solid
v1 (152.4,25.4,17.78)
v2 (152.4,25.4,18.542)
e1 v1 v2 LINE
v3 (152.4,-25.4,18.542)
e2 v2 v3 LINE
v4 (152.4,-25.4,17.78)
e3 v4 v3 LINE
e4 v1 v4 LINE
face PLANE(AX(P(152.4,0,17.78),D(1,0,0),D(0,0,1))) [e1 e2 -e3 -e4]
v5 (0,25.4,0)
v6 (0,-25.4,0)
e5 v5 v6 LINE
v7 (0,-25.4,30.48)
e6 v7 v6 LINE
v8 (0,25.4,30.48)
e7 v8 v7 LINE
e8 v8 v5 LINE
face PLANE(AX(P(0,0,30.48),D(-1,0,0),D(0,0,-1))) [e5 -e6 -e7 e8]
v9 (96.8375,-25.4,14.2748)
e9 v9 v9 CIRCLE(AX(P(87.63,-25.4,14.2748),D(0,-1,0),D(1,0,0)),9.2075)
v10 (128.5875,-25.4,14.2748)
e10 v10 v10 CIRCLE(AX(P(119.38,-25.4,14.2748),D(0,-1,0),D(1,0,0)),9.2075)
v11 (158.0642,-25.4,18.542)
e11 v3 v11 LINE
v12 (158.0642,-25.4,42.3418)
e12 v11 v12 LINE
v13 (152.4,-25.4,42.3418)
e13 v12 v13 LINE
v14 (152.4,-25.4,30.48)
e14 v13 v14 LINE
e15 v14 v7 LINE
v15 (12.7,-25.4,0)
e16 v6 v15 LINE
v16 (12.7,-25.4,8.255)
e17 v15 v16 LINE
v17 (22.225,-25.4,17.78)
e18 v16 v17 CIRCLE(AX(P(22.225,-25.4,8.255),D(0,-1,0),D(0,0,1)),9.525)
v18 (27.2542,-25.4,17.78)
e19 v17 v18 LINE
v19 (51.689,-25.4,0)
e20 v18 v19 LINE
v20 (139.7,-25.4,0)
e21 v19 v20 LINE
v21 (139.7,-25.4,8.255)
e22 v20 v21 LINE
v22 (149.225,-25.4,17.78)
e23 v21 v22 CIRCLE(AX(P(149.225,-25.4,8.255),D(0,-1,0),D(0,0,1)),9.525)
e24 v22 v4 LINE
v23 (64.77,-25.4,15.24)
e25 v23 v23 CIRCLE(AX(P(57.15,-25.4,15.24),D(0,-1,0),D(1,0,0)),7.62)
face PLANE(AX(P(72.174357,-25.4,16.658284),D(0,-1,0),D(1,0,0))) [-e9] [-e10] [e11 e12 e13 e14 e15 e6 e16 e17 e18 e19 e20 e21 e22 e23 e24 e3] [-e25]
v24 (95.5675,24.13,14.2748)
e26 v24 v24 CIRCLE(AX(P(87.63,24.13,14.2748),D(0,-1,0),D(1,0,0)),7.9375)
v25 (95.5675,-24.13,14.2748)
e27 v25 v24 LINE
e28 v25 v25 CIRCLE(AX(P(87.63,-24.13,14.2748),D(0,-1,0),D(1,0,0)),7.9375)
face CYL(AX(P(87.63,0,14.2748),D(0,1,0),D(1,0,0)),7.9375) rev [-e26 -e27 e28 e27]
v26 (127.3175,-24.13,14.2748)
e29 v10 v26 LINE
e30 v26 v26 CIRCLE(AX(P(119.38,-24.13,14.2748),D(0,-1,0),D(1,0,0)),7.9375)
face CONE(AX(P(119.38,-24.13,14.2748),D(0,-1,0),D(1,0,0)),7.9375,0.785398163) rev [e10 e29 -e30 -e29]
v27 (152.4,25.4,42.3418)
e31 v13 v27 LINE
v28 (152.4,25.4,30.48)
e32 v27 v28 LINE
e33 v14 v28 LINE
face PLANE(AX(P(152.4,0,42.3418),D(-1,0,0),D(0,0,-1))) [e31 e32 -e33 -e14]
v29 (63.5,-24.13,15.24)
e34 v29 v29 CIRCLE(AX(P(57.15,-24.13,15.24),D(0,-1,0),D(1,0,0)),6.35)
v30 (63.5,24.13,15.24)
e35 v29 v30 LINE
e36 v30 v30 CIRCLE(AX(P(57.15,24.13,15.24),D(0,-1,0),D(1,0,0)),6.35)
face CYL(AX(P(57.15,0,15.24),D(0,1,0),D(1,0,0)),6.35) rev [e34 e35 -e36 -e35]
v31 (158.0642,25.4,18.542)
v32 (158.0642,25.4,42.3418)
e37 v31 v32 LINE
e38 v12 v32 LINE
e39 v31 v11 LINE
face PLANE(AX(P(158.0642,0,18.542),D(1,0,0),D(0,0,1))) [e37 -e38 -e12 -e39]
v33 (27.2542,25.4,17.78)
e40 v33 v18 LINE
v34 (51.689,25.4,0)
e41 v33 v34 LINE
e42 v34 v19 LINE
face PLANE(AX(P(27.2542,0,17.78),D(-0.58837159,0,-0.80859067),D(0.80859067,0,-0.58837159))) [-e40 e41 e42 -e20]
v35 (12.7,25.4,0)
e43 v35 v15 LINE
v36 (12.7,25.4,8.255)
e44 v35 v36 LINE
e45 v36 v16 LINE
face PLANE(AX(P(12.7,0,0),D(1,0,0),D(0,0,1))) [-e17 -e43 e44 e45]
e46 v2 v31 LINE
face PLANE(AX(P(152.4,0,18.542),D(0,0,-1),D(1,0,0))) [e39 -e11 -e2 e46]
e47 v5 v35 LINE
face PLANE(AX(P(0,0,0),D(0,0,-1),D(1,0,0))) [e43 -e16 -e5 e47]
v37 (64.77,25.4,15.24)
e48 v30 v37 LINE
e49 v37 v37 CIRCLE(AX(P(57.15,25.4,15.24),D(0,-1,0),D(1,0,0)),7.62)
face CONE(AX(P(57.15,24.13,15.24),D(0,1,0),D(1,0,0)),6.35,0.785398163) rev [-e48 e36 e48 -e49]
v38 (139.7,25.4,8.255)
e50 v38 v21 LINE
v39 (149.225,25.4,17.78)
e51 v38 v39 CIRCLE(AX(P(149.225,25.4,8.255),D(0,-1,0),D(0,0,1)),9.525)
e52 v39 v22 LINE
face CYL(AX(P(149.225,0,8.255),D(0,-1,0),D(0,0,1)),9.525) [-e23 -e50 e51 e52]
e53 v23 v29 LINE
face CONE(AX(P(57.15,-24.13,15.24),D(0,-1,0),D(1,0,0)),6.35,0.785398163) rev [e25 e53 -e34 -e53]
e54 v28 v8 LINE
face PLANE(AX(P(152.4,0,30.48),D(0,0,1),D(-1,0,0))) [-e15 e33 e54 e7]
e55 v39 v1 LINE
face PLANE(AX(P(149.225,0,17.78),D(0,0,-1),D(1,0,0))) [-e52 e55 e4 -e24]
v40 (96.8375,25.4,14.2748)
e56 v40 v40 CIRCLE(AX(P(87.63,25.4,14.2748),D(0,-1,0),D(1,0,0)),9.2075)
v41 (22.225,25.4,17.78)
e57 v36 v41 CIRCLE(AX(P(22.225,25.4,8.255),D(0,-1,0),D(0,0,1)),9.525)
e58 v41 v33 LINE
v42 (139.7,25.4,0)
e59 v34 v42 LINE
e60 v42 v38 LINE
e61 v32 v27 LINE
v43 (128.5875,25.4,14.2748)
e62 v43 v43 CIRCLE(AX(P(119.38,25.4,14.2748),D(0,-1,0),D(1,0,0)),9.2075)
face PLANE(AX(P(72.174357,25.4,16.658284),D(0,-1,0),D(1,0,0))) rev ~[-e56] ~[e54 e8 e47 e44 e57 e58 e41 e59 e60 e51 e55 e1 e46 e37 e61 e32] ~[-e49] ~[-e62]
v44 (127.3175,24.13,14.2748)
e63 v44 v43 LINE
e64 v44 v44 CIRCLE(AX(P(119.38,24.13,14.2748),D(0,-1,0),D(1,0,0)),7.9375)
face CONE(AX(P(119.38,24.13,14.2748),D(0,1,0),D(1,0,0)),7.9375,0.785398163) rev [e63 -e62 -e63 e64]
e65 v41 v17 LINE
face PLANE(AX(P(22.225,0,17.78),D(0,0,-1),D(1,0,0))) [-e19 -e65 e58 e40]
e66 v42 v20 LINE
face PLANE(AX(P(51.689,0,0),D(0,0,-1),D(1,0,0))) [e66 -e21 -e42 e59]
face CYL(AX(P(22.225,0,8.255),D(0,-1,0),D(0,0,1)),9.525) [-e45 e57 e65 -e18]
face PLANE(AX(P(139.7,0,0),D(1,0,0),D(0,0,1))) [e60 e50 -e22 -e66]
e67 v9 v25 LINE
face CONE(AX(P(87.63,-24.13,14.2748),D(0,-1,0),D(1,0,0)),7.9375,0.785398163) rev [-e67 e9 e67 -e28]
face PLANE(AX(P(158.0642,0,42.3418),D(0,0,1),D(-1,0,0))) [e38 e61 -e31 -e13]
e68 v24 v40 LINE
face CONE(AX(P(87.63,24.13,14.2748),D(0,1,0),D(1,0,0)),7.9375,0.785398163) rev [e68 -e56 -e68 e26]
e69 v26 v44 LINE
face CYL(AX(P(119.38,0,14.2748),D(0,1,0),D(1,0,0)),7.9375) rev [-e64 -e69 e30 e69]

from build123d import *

# Parameters (mm, degrees)
F0_R          = 6.35
F0_R_2        = 7.9375
F1_DEPTH      = 25.4
F1_DEPTH_BACK = 25.4
F2_SIZE       = 1.27


with BuildPart() as f1:
    # F0 (on Front) → F1 (new body, two sides)
    with BuildSketch(Plane.XZ) as f1_sk:
        Polygon((152.4, 30.48), (0, 30.48), (0, 0), (12.7, 0), (12.7, 8.255), (12.7, 17.78), (22.225, 17.78), (27.2542, 17.78), (51.689, 0), (139.7, 0), (139.7, 8.255), (139.7, 17.78), (149.225, 17.78), (152.4, 17.78), (152.4, 18.542), align=None)
        with Locations((57.15, 15.24)):
            Circle(F0_R, mode=Mode.SUBTRACT)
        with Locations((87.63, 14.2748)):
            Circle(F0_R_2, mode=Mode.SUBTRACT)
        with Locations((119.38, 14.2748)):
            Circle(F0_R_2, mode=Mode.SUBTRACT)
        Polygon((152.4, 42.3418), (152.4, 30.48), (152.4, 18.542), (158.0642, 18.542), (158.0642, 42.3418), align=None)
        with BuildLine():
            Line((12.7, 17.78), (12.7, 8.255))
            ThreePointArc((12.7, 8.255), (15.4898079092, 14.9901920908), (22.225, 17.78))
            Line((22.225, 17.78), (12.7, 17.78))
        make_face()
        with BuildLine():
            ThreePointArc((22.225, 17.78), (15.4898079092, 14.9901920908), (12.7, 8.255))
            ThreePointArc((12.7, 8.255), (22.225, -1.27), (31.75, 8.255))
            ThreePointArc((31.75, 8.255), (28.9601920908, 14.9901920908), (22.225, 17.78))
        make_face()
        with BuildLine():
            ThreePointArc((139.7, 8.255), (142.4898079092, 14.9901920908), (149.225, 17.78))
            Line((149.225, 17.78), (139.7, 17.78))
            Line((139.7, 17.78), (139.7, 8.255))
        make_face()
        with BuildLine():
            ThreePointArc((158.75, 8.255), (155.9601920908, 14.9901920908), (149.225, 17.78))
            ThreePointArc((149.225, 17.78), (142.4898079092, 14.9901920908), (139.7, 8.255))
            ThreePointArc((139.7, 8.255), (149.225, -1.27), (158.75, 8.255))
        make_face()
    extrude(amount=F1_DEPTH)
    extrude(f1_sk.sketch, amount=-F1_DEPTH_BACK)

    # F2
    f2_edges = [f1.edges().sort_by_distance(p)[0] for p in [
        (50.8, -25.4, 15.24),
        (79.6925, -25.4, 14.2748),
        (111.4425, -25.4, 14.2748),
        (111.4425, 25.4, 14.2748),
        (79.6925, 25.4, 14.2748),
        (50.8, 25.4, 15.24),
    ]]
    chamfer(f2_edges, length=F2_SIZE)


solid = f1.part
